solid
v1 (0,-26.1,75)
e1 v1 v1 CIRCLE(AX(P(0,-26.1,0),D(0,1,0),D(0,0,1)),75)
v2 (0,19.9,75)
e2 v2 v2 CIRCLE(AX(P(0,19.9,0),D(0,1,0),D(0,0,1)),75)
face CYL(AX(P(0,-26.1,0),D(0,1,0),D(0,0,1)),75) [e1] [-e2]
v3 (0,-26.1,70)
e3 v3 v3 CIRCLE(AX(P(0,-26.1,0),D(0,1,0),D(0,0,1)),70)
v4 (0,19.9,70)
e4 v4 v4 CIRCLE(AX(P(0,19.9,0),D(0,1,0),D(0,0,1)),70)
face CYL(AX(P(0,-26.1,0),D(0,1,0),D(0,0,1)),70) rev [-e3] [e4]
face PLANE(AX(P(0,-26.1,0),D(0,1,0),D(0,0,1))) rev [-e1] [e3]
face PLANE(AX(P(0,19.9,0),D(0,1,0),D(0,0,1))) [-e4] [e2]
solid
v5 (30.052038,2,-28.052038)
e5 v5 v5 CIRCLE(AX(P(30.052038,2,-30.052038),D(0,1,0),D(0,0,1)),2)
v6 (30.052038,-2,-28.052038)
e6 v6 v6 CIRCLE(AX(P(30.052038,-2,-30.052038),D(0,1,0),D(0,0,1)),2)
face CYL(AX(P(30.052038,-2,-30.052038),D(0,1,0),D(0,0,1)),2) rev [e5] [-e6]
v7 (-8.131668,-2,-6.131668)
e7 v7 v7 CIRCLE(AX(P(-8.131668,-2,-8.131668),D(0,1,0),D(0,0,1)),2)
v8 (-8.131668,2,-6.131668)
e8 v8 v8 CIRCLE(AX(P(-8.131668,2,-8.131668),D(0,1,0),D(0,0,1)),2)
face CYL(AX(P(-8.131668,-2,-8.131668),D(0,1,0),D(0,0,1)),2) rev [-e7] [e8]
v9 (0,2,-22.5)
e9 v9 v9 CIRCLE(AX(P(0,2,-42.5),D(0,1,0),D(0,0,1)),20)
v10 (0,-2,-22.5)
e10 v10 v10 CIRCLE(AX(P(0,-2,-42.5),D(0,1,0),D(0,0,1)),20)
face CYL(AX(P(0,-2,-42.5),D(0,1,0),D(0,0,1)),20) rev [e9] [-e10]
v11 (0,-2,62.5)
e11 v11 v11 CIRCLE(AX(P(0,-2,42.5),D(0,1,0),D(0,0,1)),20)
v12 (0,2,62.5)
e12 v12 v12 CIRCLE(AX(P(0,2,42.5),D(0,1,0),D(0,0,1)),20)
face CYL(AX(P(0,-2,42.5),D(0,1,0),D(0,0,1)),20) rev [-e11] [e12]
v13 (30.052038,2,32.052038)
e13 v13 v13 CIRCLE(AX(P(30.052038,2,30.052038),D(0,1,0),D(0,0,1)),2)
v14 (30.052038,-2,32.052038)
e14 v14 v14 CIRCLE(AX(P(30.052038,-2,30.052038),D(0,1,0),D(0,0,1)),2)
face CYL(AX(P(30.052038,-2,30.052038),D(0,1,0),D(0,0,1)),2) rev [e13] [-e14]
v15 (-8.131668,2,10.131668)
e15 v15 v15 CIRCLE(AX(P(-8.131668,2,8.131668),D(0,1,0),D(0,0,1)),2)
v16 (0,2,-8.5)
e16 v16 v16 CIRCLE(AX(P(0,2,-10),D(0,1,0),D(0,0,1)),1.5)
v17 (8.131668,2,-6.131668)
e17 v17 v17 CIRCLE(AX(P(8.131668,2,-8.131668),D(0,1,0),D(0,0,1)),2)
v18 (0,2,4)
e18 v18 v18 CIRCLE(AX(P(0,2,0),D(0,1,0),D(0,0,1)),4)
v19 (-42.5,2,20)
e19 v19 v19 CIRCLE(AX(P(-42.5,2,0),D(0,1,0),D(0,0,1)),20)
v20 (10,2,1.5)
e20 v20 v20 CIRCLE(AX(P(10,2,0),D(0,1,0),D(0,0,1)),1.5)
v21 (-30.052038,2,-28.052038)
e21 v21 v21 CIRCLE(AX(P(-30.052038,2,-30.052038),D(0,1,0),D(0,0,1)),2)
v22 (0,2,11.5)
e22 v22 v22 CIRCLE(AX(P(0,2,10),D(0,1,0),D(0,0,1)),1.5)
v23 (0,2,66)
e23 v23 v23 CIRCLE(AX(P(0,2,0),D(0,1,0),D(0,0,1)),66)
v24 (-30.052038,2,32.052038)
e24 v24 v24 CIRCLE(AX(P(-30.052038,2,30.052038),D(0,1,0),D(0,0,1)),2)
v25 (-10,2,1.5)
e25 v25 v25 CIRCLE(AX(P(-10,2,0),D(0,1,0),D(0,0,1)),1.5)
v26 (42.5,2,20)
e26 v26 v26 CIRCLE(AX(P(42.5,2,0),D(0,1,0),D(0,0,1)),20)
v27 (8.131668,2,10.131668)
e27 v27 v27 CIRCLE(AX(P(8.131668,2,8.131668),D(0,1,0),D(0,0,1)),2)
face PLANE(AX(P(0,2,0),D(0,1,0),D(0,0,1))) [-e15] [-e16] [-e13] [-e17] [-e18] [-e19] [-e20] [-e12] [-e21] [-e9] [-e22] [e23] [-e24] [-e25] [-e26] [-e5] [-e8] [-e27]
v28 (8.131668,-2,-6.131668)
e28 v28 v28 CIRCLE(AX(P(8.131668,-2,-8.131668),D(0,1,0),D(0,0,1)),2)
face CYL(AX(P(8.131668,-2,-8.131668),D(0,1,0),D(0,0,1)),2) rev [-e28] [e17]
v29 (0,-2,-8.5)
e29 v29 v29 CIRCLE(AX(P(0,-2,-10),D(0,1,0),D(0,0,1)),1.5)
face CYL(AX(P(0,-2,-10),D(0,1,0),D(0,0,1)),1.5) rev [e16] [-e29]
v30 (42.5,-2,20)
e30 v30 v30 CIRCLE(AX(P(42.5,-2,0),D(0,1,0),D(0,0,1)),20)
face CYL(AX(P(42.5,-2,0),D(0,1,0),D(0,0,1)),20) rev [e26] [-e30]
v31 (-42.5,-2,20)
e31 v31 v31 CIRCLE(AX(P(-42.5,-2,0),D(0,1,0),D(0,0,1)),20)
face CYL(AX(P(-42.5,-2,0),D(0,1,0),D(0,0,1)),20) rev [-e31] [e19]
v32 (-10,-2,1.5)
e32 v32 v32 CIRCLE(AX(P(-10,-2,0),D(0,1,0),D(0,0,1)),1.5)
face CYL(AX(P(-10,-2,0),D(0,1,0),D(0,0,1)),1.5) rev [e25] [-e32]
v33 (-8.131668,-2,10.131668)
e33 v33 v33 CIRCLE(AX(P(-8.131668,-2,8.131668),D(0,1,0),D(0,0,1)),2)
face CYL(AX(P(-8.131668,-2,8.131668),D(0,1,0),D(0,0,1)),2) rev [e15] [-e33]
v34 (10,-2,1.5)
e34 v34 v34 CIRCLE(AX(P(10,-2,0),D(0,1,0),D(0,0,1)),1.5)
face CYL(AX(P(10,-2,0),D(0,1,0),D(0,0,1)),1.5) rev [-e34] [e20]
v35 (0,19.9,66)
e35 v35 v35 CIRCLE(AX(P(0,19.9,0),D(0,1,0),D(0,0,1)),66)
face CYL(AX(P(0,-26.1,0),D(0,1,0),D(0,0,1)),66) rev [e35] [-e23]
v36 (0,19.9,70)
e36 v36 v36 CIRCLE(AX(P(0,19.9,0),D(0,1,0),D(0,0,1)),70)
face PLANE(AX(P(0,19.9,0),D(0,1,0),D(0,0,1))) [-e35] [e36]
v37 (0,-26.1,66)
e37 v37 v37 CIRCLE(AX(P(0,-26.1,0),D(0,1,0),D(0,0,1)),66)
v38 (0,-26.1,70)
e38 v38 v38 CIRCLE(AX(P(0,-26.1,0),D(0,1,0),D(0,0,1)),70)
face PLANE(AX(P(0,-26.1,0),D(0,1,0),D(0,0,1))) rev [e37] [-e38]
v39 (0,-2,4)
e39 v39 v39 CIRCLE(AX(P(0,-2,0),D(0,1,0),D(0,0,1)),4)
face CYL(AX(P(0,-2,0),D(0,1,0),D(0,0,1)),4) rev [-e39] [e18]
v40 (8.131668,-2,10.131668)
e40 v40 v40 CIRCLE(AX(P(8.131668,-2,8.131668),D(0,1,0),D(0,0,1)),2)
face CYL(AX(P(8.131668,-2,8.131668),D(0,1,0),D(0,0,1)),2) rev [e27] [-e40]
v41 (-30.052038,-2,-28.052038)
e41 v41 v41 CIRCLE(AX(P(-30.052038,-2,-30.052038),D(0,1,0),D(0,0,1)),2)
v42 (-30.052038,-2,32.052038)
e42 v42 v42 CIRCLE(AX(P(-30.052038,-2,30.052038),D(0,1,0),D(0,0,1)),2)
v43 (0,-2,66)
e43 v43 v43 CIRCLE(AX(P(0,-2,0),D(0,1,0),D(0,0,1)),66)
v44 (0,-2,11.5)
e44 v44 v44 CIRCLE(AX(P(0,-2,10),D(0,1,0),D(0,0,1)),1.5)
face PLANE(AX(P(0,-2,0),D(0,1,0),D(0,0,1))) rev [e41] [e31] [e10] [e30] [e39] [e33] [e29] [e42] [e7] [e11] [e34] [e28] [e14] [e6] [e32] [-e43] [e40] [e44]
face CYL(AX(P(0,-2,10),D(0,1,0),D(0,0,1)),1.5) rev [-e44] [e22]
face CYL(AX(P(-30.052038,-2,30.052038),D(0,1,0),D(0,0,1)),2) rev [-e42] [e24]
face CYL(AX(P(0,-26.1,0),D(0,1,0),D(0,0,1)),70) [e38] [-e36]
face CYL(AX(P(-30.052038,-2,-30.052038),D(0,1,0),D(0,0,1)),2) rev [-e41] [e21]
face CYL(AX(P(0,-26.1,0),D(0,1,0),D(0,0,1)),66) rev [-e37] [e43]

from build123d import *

# Parameters (mm, degrees)
BOSS_EXTRUDE1_DEPTH      = 2
BOSS_EXTRUDE1_DEPTH_BACK = 2
SKETCH1_R                = 66
SKETCH1_R_2              = 2
SKETCH1_R_3              = 20
SKETCH1_R_4              = 1.5
SKETCH1_R_5              = 4
BOSS_EXTRUDE2_DEPTH      = 19.9
BOSS_EXTRUDE2_DEPTH_BACK = 26.1
SKETCH1_3_R              = 70
SKETCH1_3_R_2            = 66
BOSS_EXTRUDE3_DEPTH      = 19.9
BOSS_EXTRUDE3_DEPTH_BACK = 26.1
SKETCH1_4_R              = 75
SKETCH1_4_R_2            = 70


with BuildPart() as part:
    # Sketch1 → Boss-Extrude1 (new, two sides: drawn at the far end of the back side and taken through both)
    with BuildSketch(Plane(origin=(0, 0, 0), x_dir=(1, 0, 0), z_dir=(0, 1, 0)).offset(-BOSS_EXTRUDE1_DEPTH_BACK)):
        Circle(SKETCH1_R)
        with Locations((-30.0520382, -30.0520382)):
            Circle(SKETCH1_R_2, mode=Mode.SUBTRACT)
        with Locations((-8.131667934, -8.131667934)):
            Circle(SKETCH1_R_2, mode=Mode.SUBTRACT)
        with Locations((0, -42.5)):
            Circle(SKETCH1_R_3, mode=Mode.SUBTRACT)
        with Locations((30.0520382, -30.0520382)):
            Circle(SKETCH1_R_2, mode=Mode.SUBTRACT)
        with Locations((0, -10)):
            Circle(SKETCH1_R_4, mode=Mode.SUBTRACT)
        with Locations((8.131667934, -8.131667934)):
            Circle(SKETCH1_R_2, mode=Mode.SUBTRACT)
        with Locations((-42.5, 0)):
            Circle(SKETCH1_R_3, mode=Mode.SUBTRACT)
        with Locations((-10, 0)):
            Circle(SKETCH1_R_4, mode=Mode.SUBTRACT)
        with Locations((-8.131667934, 8.131667934)):
            Circle(SKETCH1_R_2, mode=Mode.SUBTRACT)
        with Locations((-30.0520382, 30.0520382)):
            Circle(SKETCH1_R_2, mode=Mode.SUBTRACT)
        Circle(SKETCH1_R_5, mode=Mode.SUBTRACT)
        with Locations((8.131667934, 8.131667934)):
            Circle(SKETCH1_R_2, mode=Mode.SUBTRACT)
        with Locations((10, 0)):
            Circle(SKETCH1_R_4, mode=Mode.SUBTRACT)
        with Locations((0, 10)):
            Circle(SKETCH1_R_4, mode=Mode.SUBTRACT)
        with Locations((30.0520382, 30.0520382)):
            Circle(SKETCH1_R_2, mode=Mode.SUBTRACT)
        with Locations((42.5, 0)):
            Circle(SKETCH1_R_3, mode=Mode.SUBTRACT)
        with Locations((0, 42.5)):
            Circle(SKETCH1_R_3, mode=Mode.SUBTRACT)
    extrude(amount=BOSS_EXTRUDE1_DEPTH + BOSS_EXTRUDE1_DEPTH_BACK)

    # Sketch1<3> → Boss-Extrude2 (add, two sides: drawn at the far end of the back side and taken through both)
    with BuildSketch(Plane(origin=(0, 0, 0), x_dir=(1, 0, 0), z_dir=(0, 1, 0)).offset(-BOSS_EXTRUDE2_DEPTH_BACK)):
        Circle(SKETCH1_3_R)
        Circle(SKETCH1_3_R_2, mode=Mode.SUBTRACT)
    extrude(amount=BOSS_EXTRUDE2_DEPTH + BOSS_EXTRUDE2_DEPTH_BACK)


with BuildPart() as body_2:
    # Sketch1<4> → Boss-Extrude3 (new, two sides: drawn at the far end of the back side and taken through both)
    with BuildSketch(Plane(origin=(0, 0, 0), x_dir=(1, 0, 0), z_dir=(0, 1, 0)).offset(-BOSS_EXTRUDE3_DEPTH_BACK)):
        Circle(SKETCH1_4_R)
        Circle(SKETCH1_4_R_2, mode=Mode.SUBTRACT)
    extrude(amount=BOSS_EXTRUDE3_DEPTH + BOSS_EXTRUDE3_DEPTH_BACK)


solid = Compound([part.part, body_2.part])
